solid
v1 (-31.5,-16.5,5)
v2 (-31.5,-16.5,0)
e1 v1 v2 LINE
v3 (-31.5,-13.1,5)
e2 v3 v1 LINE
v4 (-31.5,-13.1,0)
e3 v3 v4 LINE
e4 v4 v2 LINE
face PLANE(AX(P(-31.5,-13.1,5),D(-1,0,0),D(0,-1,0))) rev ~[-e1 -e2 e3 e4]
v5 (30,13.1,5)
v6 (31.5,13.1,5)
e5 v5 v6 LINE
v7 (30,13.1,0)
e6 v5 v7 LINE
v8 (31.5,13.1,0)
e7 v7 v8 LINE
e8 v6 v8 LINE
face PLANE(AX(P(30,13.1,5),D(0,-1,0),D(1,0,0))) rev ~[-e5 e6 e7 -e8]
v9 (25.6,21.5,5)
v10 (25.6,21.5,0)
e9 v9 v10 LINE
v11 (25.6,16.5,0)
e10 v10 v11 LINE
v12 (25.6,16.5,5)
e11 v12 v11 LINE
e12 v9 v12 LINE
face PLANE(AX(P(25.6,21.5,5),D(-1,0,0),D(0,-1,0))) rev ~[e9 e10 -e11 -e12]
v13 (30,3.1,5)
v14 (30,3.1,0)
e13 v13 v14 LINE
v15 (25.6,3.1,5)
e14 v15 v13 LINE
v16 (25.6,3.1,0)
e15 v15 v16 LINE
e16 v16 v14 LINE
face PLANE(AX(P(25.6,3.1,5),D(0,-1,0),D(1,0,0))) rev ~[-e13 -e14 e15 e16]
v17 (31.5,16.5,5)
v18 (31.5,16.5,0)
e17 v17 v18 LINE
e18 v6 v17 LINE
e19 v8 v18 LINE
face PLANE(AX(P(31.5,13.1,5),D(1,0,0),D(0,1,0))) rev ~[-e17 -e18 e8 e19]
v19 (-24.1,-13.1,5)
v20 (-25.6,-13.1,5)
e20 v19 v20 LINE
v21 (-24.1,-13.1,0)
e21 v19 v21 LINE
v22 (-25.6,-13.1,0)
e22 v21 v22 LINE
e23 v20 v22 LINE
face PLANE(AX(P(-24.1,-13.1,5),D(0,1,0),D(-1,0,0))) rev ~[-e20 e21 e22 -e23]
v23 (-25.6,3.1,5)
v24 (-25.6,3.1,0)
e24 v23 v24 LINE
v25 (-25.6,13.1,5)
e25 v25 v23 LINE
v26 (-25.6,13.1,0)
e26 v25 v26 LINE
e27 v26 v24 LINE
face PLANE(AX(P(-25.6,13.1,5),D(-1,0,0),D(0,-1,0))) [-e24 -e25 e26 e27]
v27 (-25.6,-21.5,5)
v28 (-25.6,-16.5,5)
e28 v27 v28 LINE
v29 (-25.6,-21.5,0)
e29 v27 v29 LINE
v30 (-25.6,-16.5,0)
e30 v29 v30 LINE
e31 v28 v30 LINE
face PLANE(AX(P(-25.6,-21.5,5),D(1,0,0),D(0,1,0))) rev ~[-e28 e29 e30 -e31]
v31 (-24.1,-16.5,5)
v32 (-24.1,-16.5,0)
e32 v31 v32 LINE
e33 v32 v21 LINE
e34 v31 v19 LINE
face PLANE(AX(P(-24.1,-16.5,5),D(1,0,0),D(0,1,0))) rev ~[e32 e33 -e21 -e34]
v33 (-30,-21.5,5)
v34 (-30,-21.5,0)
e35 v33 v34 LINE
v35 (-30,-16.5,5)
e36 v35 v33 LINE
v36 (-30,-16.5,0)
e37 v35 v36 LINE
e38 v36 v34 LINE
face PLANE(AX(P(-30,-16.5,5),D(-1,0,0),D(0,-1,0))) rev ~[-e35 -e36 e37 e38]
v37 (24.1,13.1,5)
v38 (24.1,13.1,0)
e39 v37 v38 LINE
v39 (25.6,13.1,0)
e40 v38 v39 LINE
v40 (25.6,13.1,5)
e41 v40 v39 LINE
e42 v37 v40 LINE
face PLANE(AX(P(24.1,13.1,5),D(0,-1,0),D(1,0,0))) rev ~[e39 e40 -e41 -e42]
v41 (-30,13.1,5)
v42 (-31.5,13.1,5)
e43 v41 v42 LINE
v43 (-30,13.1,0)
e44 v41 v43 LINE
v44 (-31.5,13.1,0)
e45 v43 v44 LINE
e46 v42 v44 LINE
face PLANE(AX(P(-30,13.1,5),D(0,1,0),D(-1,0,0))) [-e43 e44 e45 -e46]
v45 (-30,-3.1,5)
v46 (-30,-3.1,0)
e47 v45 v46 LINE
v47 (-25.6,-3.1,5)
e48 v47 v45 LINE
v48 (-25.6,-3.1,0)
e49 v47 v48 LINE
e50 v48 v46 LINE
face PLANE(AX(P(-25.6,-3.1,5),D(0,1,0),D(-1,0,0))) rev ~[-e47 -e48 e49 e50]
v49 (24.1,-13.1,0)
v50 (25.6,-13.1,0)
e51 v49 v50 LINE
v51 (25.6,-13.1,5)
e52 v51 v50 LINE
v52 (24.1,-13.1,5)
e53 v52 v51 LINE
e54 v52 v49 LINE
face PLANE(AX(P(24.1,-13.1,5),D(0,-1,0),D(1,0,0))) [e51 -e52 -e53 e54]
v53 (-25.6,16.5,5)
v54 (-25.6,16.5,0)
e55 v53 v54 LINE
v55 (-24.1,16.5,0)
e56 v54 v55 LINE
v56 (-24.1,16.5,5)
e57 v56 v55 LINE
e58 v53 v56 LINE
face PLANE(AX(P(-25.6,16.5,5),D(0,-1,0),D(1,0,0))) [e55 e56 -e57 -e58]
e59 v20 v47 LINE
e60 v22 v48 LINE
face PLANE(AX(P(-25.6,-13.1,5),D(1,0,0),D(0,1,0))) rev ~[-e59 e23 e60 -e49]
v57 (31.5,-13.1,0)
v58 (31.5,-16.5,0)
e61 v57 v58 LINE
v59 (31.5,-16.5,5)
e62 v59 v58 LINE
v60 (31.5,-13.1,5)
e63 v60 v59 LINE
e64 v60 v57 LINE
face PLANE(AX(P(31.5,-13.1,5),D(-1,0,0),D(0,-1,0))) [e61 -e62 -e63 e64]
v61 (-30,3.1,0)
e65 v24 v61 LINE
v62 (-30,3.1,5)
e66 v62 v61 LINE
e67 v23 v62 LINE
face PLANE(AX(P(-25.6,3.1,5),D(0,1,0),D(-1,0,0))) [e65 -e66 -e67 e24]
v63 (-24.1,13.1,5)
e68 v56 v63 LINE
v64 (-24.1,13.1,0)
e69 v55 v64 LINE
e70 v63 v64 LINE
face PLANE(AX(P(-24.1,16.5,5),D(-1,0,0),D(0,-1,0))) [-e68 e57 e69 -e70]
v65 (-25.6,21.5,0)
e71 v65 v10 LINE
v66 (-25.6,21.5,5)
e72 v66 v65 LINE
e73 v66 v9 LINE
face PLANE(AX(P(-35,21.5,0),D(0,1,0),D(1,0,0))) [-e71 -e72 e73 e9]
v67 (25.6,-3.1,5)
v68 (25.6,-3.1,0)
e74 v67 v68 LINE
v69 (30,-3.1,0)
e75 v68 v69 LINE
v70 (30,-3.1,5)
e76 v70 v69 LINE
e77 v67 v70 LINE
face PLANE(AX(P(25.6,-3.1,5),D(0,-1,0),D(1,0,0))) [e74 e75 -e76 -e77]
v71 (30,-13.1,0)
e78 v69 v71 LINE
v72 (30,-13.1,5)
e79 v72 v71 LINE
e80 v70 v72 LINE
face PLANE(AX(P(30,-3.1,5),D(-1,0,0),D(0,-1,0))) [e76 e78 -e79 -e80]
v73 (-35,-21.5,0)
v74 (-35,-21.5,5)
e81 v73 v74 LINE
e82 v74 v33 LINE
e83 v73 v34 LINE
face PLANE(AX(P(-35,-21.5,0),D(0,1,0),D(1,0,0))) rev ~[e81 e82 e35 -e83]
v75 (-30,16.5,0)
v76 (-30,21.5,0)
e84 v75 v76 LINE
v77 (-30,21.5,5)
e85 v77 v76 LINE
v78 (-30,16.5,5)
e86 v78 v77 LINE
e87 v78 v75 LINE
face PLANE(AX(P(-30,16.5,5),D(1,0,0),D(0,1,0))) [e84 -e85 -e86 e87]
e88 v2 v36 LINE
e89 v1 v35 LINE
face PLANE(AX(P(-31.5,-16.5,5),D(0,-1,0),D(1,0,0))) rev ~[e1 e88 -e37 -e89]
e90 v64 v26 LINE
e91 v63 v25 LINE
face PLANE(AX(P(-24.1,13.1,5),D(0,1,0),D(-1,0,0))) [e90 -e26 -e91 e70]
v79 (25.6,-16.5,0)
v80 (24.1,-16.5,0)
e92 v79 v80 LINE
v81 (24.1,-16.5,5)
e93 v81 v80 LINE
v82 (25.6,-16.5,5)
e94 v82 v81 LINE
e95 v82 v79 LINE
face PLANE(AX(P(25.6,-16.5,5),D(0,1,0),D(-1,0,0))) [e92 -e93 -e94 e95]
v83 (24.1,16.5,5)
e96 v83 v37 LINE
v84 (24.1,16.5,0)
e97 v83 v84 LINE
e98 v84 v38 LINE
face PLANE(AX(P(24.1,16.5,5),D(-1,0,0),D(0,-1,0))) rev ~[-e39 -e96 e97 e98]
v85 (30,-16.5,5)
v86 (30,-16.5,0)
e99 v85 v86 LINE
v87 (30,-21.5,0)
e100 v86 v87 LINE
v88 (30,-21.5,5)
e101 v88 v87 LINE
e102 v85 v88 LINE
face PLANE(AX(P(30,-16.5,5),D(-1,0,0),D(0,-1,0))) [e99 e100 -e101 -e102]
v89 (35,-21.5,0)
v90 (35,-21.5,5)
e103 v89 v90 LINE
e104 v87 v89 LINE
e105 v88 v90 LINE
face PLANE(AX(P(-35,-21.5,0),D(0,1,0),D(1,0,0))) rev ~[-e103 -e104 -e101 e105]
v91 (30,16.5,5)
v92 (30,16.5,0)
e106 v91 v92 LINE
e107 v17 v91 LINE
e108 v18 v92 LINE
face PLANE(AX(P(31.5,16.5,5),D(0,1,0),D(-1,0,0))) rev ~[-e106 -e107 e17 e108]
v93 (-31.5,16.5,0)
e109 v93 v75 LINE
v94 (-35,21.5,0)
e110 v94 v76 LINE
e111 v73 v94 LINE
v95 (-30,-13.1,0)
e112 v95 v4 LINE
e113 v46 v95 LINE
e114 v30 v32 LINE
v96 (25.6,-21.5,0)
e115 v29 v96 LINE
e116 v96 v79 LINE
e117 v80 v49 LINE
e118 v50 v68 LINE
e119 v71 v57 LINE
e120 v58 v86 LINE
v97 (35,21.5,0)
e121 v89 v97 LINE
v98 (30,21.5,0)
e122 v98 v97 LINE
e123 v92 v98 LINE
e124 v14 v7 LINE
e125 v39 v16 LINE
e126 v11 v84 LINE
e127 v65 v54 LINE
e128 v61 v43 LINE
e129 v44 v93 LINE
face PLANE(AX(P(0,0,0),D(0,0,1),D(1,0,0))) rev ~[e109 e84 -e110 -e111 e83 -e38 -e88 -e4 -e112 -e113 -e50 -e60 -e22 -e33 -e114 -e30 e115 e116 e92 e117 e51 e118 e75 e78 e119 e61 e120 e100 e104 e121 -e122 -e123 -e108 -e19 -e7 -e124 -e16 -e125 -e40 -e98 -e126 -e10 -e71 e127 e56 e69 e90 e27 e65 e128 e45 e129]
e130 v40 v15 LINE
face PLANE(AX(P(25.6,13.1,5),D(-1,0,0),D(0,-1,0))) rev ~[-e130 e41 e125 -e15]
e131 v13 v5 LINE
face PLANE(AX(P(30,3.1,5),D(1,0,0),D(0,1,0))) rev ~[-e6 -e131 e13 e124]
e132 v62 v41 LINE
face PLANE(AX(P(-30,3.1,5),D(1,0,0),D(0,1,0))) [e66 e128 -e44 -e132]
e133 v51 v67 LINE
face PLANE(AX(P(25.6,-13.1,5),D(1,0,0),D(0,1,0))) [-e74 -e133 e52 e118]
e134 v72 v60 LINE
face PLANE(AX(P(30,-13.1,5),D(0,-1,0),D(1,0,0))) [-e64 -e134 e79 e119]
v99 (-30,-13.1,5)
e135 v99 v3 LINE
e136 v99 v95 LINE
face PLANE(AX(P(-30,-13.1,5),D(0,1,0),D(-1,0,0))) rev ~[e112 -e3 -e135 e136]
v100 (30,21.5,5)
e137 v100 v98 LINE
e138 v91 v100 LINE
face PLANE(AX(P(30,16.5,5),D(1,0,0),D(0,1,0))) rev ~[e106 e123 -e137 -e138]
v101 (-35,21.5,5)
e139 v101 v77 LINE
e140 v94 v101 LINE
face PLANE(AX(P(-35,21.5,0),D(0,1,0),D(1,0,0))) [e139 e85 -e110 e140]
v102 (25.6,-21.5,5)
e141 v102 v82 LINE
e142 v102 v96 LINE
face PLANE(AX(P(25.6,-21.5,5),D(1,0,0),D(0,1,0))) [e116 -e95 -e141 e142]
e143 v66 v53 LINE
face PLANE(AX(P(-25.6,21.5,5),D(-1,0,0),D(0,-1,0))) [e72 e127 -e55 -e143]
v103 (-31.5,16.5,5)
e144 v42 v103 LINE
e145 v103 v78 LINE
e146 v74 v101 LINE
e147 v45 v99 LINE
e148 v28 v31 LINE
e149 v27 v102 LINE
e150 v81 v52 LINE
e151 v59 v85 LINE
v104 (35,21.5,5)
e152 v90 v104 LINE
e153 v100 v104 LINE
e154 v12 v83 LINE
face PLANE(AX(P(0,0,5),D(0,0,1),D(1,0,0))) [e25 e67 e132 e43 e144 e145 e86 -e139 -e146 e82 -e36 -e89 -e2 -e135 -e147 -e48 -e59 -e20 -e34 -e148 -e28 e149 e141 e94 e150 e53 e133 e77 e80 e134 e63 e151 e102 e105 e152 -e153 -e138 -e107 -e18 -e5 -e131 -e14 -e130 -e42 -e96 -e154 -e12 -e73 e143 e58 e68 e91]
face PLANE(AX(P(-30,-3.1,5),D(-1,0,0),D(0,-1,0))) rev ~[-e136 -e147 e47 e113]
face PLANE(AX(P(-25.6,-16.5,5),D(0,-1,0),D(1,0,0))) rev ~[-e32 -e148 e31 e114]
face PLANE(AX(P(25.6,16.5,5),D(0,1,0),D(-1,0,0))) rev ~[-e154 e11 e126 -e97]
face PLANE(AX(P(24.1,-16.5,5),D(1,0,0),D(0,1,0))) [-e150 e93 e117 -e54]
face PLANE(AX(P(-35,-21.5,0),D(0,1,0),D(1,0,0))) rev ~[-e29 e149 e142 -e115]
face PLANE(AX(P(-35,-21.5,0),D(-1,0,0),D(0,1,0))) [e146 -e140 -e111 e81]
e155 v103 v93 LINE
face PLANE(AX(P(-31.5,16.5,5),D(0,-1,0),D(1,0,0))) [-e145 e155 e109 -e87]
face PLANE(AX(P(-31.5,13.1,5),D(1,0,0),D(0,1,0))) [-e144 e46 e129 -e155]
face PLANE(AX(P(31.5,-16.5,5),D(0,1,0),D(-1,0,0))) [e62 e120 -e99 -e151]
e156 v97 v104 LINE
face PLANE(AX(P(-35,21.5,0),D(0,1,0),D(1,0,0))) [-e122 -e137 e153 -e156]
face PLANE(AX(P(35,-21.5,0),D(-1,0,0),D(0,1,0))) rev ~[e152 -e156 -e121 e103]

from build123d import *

# Parameters (mm, degrees)
SKETCH1_W           = 70
SKETCH1_H           = 43
BOSS_EXTRUDE1_DEPTH = 5
CUT_EXTRUDE1_DEPTH  = 5


with BuildPart() as part:
    # Sketch1 → Boss-Extrude1 (new body)
    with BuildSketch(Plane.XY):
        Rectangle(SKETCH1_W, SKETCH1_H)
    extrude(amount=BOSS_EXTRUDE1_DEPTH)

    # Sketch3 → Cut-Extrude1 (cut)
    with BuildSketch(Plane.XY.offset(5)):
        Polygon((-25.6, 13.1), (-25.6, 3.1), (-30, 3.1), (-30, 13.1), (-31.5, 13.1), (-31.5, 16.5), (-30, 16.5), (-30, 21.5), (-25.6, 21.5), (-25.6, 16.5), (-24.1, 16.5), (-24.1, 13.1), align=None)
        Polygon((30, 3.1), (30, 13.1), (31.5, 13.1), (31.5, 16.5), (30, 16.5), (30, 21.5), (25.6, 21.5), (25.6, 16.5), (24.1, 16.5), (24.1, 13.1), (25.6, 13.1), (25.6, 3.1), align=None)
        Polygon((25.6, -13.1), (25.6, -3.1), (30, -3.1), (30, -13.1), (31.5, -13.1), (31.5, -16.5), (30, -16.5), (30, -21.5), (25.6, -21.5), (25.6, -16.5), (24.1, -16.5), (24.1, -13.1), align=None)
        Polygon((-30, -3.1), (-30, -13.1), (-31.5, -13.1), (-31.5, -16.5), (-30, -16.5), (-30, -21.5), (-25.6, -21.5), (-25.6, -16.5), (-24.1, -16.5), (-24.1, -13.1), (-25.6, -13.1), (-25.6, -3.1), align=None)
    extrude(amount=-CUT_EXTRUDE1_DEPTH, mode=Mode.SUBTRACT)


solid = part.part
